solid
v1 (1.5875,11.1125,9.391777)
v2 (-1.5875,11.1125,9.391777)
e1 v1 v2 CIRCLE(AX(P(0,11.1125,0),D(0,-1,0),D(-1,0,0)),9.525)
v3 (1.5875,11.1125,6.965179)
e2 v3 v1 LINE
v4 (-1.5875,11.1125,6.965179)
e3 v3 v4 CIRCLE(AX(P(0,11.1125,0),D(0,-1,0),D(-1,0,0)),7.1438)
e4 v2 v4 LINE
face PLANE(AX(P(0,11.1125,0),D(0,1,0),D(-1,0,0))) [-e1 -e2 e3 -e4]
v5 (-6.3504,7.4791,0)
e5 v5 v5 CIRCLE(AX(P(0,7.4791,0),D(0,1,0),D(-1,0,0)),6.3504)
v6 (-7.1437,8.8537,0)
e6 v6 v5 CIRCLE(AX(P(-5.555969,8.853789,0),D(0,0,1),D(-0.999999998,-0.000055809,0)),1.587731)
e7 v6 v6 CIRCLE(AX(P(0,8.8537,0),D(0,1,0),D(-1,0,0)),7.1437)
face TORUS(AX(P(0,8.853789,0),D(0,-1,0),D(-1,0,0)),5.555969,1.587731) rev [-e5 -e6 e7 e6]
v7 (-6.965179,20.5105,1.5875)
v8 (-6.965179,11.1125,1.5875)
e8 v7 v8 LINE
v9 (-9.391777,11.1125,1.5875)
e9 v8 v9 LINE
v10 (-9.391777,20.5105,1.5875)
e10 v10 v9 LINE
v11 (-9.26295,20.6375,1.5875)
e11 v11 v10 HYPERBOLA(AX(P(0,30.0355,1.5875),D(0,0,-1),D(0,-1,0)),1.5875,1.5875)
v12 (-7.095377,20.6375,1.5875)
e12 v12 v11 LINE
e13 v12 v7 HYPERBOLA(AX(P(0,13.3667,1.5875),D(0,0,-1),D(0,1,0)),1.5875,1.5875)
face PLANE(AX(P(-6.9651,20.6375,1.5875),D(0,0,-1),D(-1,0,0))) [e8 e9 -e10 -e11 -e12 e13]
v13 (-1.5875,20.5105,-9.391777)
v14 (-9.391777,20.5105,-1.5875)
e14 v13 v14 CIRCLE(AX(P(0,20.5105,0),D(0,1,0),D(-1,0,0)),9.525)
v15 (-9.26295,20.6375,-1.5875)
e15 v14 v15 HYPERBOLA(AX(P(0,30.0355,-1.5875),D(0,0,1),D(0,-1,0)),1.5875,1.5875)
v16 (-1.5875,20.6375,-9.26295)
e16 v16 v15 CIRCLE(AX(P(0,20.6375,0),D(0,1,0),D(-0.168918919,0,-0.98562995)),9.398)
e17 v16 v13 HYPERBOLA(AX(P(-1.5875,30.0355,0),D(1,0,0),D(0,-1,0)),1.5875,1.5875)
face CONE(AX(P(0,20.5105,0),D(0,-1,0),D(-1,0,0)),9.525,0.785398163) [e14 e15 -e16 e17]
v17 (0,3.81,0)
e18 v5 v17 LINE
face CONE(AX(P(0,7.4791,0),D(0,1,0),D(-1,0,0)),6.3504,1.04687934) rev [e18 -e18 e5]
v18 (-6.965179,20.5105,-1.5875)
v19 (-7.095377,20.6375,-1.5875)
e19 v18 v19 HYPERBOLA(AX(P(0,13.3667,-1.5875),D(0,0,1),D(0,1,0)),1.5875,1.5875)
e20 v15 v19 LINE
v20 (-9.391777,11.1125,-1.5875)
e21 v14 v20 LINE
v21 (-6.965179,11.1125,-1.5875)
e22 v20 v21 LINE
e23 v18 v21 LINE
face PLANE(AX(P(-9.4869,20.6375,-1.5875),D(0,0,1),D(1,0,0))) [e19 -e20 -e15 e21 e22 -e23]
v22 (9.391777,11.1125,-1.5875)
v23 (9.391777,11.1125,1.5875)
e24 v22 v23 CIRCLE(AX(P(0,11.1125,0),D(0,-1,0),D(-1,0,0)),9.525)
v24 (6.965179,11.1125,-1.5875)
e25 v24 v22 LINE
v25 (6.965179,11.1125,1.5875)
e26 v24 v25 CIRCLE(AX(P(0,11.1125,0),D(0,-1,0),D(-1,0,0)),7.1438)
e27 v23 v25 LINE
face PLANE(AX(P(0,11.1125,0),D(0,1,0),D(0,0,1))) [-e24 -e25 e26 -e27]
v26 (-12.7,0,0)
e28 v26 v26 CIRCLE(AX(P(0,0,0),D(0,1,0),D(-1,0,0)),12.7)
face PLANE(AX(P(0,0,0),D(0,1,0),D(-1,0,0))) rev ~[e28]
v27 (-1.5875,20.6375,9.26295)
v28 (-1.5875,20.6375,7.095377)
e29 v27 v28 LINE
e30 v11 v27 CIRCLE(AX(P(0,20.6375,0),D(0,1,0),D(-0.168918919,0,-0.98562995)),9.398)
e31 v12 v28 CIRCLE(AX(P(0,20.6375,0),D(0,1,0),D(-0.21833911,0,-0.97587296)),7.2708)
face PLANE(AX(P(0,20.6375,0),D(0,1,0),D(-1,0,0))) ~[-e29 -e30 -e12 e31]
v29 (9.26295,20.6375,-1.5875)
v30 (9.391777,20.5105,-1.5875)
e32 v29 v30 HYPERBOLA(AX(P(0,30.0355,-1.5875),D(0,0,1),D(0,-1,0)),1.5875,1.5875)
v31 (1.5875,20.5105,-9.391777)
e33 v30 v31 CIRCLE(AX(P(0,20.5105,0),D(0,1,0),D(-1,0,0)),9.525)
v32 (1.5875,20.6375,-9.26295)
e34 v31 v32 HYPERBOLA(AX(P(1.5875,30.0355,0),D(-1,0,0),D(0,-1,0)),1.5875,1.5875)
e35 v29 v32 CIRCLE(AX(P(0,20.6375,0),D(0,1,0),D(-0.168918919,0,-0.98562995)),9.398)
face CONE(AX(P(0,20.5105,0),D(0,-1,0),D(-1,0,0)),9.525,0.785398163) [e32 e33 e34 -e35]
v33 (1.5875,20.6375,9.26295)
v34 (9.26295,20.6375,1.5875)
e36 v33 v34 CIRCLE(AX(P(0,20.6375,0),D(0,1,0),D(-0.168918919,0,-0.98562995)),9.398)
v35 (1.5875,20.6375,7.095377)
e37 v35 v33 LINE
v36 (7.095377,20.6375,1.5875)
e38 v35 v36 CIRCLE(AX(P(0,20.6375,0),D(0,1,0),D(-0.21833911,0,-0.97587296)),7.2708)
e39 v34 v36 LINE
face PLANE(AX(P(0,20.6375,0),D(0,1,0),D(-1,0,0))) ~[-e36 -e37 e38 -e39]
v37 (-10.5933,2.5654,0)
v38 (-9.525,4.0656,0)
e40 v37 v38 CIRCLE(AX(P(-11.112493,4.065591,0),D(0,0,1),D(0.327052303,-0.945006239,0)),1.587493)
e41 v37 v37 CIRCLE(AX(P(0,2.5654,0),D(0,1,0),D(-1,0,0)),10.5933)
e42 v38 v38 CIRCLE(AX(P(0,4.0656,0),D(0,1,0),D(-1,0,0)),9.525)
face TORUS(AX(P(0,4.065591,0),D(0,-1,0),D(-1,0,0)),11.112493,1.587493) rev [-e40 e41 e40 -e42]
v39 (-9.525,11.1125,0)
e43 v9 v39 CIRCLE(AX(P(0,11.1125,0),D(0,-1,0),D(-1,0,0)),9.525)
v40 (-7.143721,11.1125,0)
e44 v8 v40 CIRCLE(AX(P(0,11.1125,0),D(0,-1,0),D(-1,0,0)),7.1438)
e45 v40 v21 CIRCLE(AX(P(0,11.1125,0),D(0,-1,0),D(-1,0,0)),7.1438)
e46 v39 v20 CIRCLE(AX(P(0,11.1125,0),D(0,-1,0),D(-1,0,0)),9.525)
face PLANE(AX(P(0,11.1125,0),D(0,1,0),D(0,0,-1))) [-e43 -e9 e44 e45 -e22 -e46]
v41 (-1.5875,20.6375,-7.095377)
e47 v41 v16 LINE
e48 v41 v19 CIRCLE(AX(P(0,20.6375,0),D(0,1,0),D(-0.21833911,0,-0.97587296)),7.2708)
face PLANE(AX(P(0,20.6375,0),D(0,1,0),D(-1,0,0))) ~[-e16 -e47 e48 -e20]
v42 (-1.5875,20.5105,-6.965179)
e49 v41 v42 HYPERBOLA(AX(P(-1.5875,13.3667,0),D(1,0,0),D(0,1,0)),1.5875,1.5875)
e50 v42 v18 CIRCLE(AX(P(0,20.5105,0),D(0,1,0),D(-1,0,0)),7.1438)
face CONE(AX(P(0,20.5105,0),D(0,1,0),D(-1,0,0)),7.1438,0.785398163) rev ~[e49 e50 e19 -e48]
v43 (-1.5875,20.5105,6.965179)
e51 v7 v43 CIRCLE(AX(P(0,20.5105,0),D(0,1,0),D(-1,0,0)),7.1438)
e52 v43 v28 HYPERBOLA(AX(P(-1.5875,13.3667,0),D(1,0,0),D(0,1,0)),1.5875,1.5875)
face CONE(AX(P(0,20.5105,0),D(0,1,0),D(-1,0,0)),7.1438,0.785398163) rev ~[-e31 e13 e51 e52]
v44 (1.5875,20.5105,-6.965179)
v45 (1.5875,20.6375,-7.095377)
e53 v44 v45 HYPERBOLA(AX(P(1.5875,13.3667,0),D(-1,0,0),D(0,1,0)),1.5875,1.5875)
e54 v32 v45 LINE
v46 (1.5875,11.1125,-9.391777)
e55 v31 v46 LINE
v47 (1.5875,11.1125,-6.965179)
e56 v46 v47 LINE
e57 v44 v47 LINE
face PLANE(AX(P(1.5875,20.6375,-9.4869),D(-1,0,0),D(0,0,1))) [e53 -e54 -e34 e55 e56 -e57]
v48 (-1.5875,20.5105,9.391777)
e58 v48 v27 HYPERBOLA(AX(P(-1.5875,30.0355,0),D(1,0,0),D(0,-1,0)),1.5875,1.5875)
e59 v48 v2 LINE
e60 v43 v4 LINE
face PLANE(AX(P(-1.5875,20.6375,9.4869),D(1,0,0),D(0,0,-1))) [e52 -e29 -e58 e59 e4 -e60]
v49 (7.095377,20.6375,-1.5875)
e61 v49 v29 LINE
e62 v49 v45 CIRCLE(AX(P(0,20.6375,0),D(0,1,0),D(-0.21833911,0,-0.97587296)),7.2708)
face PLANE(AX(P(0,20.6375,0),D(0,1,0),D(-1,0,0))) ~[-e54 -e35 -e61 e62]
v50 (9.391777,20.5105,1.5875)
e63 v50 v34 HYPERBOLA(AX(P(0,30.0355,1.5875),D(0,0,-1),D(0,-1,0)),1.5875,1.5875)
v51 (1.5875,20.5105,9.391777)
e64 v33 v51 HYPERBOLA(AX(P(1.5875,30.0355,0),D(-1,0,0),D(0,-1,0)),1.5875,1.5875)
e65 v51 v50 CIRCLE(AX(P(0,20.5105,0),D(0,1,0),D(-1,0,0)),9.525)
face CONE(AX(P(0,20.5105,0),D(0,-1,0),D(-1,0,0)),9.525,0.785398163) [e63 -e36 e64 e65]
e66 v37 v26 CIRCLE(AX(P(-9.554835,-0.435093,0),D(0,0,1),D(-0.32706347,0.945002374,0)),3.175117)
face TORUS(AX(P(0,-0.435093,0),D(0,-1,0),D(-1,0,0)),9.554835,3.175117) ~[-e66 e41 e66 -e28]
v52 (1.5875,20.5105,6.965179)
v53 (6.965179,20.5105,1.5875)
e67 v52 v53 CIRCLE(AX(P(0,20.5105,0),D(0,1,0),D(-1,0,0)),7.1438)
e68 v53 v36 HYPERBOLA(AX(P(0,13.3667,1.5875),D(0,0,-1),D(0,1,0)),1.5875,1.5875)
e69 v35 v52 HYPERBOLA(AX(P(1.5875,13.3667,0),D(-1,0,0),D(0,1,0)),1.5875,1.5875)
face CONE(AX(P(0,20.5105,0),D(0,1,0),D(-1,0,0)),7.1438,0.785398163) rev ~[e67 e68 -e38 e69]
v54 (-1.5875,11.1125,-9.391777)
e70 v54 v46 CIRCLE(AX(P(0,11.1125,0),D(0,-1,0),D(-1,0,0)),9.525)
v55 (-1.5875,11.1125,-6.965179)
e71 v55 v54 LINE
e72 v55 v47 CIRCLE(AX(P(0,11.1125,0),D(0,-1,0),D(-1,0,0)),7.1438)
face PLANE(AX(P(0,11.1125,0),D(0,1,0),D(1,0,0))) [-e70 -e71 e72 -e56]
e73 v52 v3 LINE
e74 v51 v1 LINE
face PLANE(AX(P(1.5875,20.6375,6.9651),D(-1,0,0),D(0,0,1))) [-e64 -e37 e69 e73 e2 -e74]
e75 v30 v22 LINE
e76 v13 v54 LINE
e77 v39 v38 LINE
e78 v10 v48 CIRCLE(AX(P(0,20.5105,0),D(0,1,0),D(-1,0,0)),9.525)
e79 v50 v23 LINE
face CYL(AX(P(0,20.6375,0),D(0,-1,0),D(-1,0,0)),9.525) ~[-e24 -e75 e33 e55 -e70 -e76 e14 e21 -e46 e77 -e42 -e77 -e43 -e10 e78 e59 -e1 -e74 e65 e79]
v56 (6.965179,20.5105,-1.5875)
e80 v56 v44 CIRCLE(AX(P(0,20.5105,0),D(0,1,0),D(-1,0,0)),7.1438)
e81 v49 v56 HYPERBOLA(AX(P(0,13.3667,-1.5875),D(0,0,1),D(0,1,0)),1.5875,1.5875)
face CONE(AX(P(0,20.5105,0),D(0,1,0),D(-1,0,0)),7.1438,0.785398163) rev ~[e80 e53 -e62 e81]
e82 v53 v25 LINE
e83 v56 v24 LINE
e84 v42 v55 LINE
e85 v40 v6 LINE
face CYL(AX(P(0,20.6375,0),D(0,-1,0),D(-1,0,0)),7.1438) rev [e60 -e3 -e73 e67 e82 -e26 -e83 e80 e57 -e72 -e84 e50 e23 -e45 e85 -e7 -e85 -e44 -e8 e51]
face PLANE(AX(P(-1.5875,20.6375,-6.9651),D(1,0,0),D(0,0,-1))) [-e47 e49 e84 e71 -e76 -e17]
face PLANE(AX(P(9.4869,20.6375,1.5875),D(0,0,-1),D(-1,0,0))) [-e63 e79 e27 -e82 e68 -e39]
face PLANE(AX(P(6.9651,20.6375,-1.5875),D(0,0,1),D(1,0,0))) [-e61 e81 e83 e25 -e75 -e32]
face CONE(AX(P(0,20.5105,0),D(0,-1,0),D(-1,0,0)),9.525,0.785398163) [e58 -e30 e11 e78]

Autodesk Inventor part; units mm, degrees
ref_plane "YZ Plane" through (0, 0, 0) normal (1, 0, 0) x (0, 1, 0)
ref_plane "XZ Plane" through (0, 0, 0) normal (0, 1, 0) x (-1, 0, 0)
ref_plane "XY Plane" through (0, 0, 0) normal (0, 0, 1) x (1, 0, 0)
sketch "Sketch1" plane through (0, 0, 0) normal (0, 0, 1) x (1, 0, 0)
  line L0 (-7.1438, 20.6375) -> (-9.525, 20.6375)
  line L1 (-9.525, 20.6375) -> (-9.525, 4.0656)
  line L2 (-12.7, 0) -> (0, 0)
  line L3 (0, -4.6495) -> (0, 24.852) projected
  line L4 (-7.1438, 20.6375) -> (-7.1437, 8.8537)
  line L5 (-6.3504, 7.4791) -> (0, 3.81)
  line L6 (0, 3.81) -> (0, 0)
  arc A0 (-10.5933, 2.5654) -> (-9.525, 4.0656) centre (-11.1125, 4.0656) ccw
  arc A1 (-10.5933, 2.5654) -> (-12.7, 0) centre (-9.5549, -0.435) ccw
  arc A2 (-7.1437, 8.8537) -> (-6.3504, 7.4791) centre (-5.5563, 8.8537) ccw
  point P0 (-9.525, 3.175)
  point P1 (-7.1437, 7.9375)
  dimension "d0" = 20.6375
  dimension "d1" = 19.05
  dimension "d2" = 14.2875
  dimension "d3" = 12.7
  dimension "d4" = 3.175
  dimension "d5" = 25.4
  dimension "d6" = 1.5875
  dimension "d7" = 3.175
  dimension "d8" = 3.81
  dimension "d10" = 1.5875
revolve "Revolution1" add sketch "Sketch1" angle 360 about axis through (0, -10, 0) along (0, 1, 0)
chamfer "Chamfer1" distance 0.127 angle 45 2 edges at (9.525, 20.6375, 0) (7.1438, 20.6375, 0)
sketch "Sketch2" plane through (0, 20.6375, 0) normal (0, 1, 0) x (1, 0, 0)
  line L0 (1.5875, 9.6188) -> (1.5875, 6.8545)
  line L1 (1.5875, 6.8545) -> (-1.5875, 6.8545) construction
  line L2 (-1.5875, 6.8545) -> (-1.5875, 9.6188)
  line L3 (0, 17.78) -> (0, -17.78) construction
  arc A0 (1.5875, 9.4869) -> (-1.5875, 9.4869) centre (0, 0) ccw
  arc A1 (1.5875, 6.9651) -> (-1.5875, 6.9651) centre (0, 0) ccw
  dimension "d14" = 3.175
  dimension "d15" = 1.5875
extrude "Extrusion1" cut sketch "Sketch2" against normal blind 9.525
pattern_circular "Circular Pattern1" count 4 over 360 about axis through (0, -10, 0) along (0, 1, 0) of "Extrusion1"
equation "\"d15\" = 0.5 * d14"
properties part number "Disco de Apriete" material "Aluminum 6061-AHC"
